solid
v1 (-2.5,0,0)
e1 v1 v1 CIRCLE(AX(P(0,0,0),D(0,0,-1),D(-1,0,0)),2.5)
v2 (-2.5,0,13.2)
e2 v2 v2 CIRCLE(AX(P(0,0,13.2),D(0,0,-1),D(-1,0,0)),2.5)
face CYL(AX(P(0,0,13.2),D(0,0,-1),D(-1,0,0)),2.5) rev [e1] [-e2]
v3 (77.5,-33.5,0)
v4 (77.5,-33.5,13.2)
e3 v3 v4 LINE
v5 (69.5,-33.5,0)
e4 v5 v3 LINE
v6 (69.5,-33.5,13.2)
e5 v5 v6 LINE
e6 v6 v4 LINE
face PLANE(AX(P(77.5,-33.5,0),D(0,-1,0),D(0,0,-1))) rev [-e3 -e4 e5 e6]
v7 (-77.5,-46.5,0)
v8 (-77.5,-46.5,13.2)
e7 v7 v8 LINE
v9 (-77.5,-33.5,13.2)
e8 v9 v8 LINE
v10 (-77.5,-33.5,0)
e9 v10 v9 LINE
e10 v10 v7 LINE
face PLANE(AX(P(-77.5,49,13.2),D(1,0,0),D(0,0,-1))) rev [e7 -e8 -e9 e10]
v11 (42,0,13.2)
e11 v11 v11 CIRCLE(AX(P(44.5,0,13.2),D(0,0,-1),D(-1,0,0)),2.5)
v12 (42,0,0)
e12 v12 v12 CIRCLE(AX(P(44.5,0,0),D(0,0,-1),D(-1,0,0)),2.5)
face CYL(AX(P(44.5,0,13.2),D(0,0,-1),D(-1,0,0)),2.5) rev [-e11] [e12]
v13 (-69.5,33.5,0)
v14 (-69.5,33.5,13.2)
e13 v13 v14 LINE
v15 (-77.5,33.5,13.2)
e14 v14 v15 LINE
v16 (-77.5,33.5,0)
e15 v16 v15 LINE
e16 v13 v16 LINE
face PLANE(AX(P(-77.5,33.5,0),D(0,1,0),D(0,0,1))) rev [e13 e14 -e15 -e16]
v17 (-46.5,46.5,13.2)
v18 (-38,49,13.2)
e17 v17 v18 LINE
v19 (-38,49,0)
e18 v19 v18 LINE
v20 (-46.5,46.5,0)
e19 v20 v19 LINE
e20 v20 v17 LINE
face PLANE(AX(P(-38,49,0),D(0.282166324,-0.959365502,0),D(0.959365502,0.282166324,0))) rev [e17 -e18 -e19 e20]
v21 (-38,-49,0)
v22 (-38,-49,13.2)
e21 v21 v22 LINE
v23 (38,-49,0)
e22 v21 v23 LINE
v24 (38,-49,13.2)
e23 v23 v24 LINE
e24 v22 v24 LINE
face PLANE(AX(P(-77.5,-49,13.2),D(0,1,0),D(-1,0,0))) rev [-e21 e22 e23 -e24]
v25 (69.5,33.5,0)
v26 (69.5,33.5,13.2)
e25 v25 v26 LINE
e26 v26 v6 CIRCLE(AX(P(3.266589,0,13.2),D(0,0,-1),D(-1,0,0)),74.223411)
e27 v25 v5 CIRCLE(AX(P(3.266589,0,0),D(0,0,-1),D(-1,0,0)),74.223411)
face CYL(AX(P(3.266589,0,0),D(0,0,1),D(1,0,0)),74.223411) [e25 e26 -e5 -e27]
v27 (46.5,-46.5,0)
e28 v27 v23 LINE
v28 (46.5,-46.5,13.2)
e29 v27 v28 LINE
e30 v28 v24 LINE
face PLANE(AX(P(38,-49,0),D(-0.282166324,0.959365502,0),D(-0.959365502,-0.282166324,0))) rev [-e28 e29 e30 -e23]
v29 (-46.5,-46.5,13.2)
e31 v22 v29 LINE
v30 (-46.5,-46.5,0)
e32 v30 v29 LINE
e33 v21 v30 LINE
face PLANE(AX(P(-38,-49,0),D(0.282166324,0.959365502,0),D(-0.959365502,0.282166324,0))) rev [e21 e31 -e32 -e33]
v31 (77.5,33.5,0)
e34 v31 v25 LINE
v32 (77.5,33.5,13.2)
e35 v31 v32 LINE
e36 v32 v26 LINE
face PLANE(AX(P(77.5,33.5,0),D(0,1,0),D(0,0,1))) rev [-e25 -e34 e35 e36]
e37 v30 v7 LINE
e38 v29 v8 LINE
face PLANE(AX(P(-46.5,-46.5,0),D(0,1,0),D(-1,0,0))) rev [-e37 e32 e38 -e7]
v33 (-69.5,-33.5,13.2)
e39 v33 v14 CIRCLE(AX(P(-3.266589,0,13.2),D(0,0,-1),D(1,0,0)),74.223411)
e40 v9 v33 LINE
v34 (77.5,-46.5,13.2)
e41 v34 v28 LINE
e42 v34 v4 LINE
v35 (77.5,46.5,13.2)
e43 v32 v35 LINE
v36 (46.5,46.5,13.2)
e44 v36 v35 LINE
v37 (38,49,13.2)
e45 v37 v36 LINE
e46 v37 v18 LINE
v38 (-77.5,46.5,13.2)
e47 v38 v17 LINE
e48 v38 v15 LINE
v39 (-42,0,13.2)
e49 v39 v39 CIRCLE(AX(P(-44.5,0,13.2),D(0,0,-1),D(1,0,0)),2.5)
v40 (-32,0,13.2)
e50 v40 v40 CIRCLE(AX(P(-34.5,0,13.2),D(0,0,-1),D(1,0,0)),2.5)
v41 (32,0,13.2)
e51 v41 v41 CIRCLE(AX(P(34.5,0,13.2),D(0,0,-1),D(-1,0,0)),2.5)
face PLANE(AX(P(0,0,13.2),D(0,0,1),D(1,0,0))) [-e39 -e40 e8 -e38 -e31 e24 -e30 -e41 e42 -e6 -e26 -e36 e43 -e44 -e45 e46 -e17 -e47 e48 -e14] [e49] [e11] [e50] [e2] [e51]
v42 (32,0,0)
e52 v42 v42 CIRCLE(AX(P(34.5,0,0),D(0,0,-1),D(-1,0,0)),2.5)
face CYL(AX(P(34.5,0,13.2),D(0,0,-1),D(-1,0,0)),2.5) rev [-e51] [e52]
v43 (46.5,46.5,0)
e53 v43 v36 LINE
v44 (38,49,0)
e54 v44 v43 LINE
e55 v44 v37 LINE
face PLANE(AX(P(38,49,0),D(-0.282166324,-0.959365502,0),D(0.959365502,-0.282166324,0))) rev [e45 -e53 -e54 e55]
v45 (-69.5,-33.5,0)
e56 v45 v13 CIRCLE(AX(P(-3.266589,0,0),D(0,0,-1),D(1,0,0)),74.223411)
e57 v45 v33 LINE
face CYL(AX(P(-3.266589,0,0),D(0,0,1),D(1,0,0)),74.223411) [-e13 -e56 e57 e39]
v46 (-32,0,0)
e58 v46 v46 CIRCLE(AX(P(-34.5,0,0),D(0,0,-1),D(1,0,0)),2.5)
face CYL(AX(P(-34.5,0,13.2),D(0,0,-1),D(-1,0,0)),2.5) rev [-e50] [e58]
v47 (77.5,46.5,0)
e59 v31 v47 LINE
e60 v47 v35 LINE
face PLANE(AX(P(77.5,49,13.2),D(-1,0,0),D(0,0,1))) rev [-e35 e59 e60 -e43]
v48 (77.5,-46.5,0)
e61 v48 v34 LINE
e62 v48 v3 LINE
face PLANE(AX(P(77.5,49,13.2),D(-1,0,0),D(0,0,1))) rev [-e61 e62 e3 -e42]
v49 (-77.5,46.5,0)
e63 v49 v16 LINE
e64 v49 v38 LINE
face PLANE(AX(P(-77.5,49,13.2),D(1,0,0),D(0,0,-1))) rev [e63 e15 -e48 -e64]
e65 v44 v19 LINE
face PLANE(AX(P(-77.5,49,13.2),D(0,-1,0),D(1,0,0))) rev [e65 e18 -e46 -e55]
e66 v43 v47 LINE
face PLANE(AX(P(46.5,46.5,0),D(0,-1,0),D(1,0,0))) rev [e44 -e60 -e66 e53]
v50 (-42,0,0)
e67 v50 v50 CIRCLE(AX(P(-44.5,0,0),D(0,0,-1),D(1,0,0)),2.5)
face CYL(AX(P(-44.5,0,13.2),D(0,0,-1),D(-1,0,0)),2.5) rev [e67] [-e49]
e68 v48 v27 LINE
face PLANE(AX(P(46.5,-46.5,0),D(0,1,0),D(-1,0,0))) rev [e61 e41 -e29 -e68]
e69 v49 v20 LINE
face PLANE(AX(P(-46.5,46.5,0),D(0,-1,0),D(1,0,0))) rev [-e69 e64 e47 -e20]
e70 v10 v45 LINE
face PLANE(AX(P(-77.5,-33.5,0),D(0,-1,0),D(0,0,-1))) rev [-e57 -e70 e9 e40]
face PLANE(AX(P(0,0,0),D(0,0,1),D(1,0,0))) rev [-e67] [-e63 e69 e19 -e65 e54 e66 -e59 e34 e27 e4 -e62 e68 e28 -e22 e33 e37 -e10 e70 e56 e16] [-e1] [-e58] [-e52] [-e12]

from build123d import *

# Parameters (mm, degrees)
SKETCH_1_W          = 155
SKETCH_1_H          = 98
EXTRUDE_1_DEPTH     = 13.2
CUT_EXTRUDE_1_DEPTH = 93.636331965
CUT_EXTRUDE_2_DEPTH = 93.636331965
SKETCH_4_R          = 2.5
CUT_EXTRUDE_3_DEPTH = 13.2


with BuildPart() as part:
    # 草图1 → 凸台-拉伸1 (new body)
    with BuildSketch(Plane.XY):
        Rectangle(SKETCH_1_W, SKETCH_1_H)
    extrude(amount=EXTRUDE_1_DEPTH)

    # 草图2 → 切除-拉伸1 (cut, through all)
    with BuildSketch(Plane.XY.offset(13.2)):
        Polygon((-38, 49), (-46.5, 46.5), (-77.5, 46.5), (-77.5, 49), align=None)
        Polygon((77.5, 49), (38, 49), (46.5, 46.5), (77.5, 46.5), align=None)
        Polygon((38, -49), (46.5, -46.5), (77.5, -46.5), (77.5, -49), align=None)
        Polygon((-77.5, -49), (-38, -49), (-46.5, -46.5), (-77.5, -46.5), align=None)
    extrude(amount=-CUT_EXTRUDE_1_DEPTH, mode=Mode.SUBTRACT)

    # 草图3 → 切除-拉伸2 (cut, through all)
    with BuildSketch(Plane.XY.offset(13.2)):
        with BuildLine():
            Line((-77.5, -33.5), (-69.5, -33.5))
            ThreePointArc((-69.5, -33.5), (-77.49, 0), (-69.5, 33.5))
            Line((-69.5, 33.5), (-77.5, 33.5))
            Line((-77.5, 33.5), (-77.5, -33.5))
        make_face()
        with BuildLine():
            Line((77.5, -33.5), (77.5, 33.5))
            Line((77.5, 33.5), (69.5, 33.5))
            ThreePointArc((69.5, 33.5), (77.49, 0), (69.5, -33.5))
            Line((69.5, -33.5), (77.5, -33.5))
        make_face()
    extrude(amount=-CUT_EXTRUDE_2_DEPTH, mode=Mode.SUBTRACT)

    # 草图4 → 切除-拉伸3 (cut)
    with BuildSketch(Plane(origin=(0, 0, 0), x_dir=(-1, 0, 0), z_dir=(0, 0, -1))):
        with Locations((-44.5, 0)):
            Circle(SKETCH_4_R)
        with Locations((-34.5, 0)):
            Circle(SKETCH_4_R)
        Circle(SKETCH_4_R)
        with Locations(Location((34.5, 0, 0), (0, 0, 180))):
            Circle(SKETCH_4_R)
        with Locations(Location((44.5, 0, 0), (0, 0, 180))):
            Circle(SKETCH_4_R)
    extrude(amount=-CUT_EXTRUDE_3_DEPTH, mode=Mode.SUBTRACT)


solid = part.part
